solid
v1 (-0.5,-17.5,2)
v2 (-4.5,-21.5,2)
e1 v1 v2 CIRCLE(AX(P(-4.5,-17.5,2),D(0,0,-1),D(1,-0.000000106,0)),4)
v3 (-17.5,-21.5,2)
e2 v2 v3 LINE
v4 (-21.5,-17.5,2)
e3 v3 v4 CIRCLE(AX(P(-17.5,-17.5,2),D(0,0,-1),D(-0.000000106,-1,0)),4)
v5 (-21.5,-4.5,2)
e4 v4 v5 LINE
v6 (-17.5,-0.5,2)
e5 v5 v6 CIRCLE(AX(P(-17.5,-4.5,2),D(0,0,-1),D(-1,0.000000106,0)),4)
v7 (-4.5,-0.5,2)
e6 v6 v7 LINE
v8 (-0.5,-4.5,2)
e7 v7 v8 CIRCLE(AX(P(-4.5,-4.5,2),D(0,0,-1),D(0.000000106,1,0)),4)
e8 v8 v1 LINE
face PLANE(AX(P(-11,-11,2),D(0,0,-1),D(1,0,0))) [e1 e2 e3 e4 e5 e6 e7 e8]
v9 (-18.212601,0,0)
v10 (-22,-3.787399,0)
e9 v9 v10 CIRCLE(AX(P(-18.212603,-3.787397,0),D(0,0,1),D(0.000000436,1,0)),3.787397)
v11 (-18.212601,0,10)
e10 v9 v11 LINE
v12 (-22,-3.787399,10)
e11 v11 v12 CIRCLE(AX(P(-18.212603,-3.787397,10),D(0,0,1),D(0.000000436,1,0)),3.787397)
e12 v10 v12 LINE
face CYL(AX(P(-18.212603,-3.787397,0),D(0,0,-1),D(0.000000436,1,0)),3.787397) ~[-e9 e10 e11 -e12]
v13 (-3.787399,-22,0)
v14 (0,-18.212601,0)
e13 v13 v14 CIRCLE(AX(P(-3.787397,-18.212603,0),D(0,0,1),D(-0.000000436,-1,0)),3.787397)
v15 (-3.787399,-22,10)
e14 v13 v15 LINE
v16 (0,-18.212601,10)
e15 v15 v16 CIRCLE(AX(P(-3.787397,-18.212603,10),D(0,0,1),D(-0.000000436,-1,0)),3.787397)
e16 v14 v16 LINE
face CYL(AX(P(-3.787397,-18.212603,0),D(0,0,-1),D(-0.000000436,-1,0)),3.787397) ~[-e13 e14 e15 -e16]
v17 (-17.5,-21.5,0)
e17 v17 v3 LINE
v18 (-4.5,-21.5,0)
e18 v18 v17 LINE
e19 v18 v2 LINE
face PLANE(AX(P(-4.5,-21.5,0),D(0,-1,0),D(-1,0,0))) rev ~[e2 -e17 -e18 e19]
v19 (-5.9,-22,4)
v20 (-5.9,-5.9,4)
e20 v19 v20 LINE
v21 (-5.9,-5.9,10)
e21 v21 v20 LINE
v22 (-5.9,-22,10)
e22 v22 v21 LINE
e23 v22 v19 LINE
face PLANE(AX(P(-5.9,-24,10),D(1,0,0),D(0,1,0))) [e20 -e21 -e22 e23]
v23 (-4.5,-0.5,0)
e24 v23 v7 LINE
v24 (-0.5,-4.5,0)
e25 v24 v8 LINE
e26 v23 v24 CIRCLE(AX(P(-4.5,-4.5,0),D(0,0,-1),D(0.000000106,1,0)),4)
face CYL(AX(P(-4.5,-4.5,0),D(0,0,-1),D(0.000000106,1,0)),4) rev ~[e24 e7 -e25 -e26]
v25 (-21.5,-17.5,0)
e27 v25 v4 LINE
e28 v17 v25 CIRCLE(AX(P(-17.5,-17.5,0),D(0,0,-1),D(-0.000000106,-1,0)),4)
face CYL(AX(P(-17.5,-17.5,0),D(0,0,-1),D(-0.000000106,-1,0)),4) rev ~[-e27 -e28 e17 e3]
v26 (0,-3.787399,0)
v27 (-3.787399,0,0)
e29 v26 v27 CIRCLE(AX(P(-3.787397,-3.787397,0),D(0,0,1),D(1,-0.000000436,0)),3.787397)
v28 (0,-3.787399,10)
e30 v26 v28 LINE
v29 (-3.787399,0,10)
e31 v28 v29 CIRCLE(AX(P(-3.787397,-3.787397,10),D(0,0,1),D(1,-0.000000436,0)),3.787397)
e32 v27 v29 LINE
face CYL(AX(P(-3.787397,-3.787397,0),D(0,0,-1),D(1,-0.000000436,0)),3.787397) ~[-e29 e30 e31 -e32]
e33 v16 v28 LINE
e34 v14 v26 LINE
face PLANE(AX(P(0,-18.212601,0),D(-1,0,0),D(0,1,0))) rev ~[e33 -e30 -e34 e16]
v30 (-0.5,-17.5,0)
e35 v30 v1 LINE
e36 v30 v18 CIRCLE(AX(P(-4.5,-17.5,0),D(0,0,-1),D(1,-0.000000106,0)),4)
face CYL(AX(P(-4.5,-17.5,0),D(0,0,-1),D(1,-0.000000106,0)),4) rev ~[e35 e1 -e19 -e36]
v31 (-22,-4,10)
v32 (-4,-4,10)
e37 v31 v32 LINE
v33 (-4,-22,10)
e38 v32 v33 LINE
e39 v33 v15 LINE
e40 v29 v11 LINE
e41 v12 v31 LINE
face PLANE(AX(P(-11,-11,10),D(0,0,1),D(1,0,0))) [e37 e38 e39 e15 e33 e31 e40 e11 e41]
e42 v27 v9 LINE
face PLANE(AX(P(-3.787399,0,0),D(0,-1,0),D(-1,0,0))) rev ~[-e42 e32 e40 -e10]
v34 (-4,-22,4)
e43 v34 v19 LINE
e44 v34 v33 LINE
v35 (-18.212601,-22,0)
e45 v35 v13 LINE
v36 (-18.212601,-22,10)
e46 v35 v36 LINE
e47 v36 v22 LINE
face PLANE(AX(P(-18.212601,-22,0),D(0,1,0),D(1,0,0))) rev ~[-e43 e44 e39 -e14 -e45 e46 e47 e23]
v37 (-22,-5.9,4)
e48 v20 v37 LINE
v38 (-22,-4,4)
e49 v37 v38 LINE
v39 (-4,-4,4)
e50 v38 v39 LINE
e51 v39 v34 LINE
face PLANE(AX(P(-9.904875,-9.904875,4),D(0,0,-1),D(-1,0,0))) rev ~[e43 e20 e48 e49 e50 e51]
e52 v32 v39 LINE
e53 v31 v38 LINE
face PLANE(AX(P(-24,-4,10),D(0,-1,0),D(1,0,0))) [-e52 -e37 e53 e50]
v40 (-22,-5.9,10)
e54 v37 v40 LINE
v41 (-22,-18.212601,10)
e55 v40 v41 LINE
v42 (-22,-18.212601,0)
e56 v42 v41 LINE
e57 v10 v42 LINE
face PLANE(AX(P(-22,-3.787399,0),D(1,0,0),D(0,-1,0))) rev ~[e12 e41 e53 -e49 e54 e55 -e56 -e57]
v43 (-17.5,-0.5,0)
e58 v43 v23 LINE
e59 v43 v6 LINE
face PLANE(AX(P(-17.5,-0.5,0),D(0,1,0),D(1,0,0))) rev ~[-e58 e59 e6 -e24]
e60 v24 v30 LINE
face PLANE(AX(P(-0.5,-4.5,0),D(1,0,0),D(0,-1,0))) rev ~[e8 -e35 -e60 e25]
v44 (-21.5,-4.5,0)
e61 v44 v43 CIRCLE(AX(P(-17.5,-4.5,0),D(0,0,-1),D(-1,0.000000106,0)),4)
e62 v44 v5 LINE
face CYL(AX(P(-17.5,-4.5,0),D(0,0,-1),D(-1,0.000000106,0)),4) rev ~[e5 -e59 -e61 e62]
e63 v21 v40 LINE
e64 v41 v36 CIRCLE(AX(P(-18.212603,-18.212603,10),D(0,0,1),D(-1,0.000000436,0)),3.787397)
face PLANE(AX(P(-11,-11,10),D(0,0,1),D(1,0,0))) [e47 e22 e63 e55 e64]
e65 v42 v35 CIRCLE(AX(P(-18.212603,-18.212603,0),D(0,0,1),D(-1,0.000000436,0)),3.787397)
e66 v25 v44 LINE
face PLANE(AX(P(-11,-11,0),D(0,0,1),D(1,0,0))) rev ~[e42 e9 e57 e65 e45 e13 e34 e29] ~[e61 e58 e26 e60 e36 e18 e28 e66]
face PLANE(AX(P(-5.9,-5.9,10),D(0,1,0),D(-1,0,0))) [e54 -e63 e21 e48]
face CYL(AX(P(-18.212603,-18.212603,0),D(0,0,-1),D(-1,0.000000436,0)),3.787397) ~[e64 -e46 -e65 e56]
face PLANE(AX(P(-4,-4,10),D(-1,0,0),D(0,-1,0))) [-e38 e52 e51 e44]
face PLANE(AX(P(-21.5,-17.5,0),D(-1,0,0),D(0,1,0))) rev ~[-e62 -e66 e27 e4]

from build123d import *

# Parameters (mm, degrees)
PAD_DEPTH       = 10
POCKET_DEPTH    = 6
POCKET001_DEPTH = 2


with BuildPart() as part:
    # Sketch → Pad (new body)
    with BuildSketch(Plane.XY):
        with BuildLine():
            Line((-18.212601, -22), (-3.787399, -22))
            ThreePointArc((-3.787399, -22), (-1.109303, -20.890697), (0, -18.212601))
            Line((0, -18.212601), (0, -3.787399))
            ThreePointArc((0, -3.787399), (-1.109303, -1.109303), (-3.787399, 0))
            Line((-3.787399, 0), (-18.212601, 0))
            ThreePointArc((-18.212601, 0), (-20.890697, -1.109303), (-22, -3.787399))
            Line((-22, -3.787399), (-22, -18.212601))
            ThreePointArc((-22, -18.212601), (-20.890697, -20.890697), (-18.212601, -22))
        make_face()
    extrude(amount=PAD_DEPTH)

    # Sketch001 (on Face10 of Pad) → Pocket (cut)
    with BuildSketch(Plane.XY.offset(10)):
        Polygon((-4, -4), (-4, -24), (-5.9, -24), (-5.9, -5.9), (-24, -5.9), (-24, -4), align=None)
    extrude(amount=-POCKET_DEPTH, mode=Mode.SUBTRACT)

    # Sketch002 (on Face2 of Pocket) → Pocket001 (cut)
    with BuildSketch(Plane(origin=(0, 0, 0), x_dir=(1, 0, 0), z_dir=(0, 0, -1))):
        with BuildLine():
            Line((-21.5, 17.5), (-21.5, 4.5))
            ThreePointArc((-21.5, 4.5), (-20.328427, 1.671573), (-17.5, 0.5))
            Line((-17.5, 0.5), (-4.5, 0.5))
            ThreePointArc((-4.5, 0.5), (-1.671573, 1.671573), (-0.5, 4.5))
            Line((-0.5, 4.5), (-0.5, 17.5))
            ThreePointArc((-0.5, 17.5), (-1.671573, 20.328427), (-4.5, 21.5))
            Line((-4.5, 21.5), (-17.5, 21.5))
            ThreePointArc((-17.5, 21.5), (-20.328427, 20.328427), (-21.5, 17.5))
        make_face()
    extrude(amount=-POCKET001_DEPTH, mode=Mode.SUBTRACT)


solid = part.part
